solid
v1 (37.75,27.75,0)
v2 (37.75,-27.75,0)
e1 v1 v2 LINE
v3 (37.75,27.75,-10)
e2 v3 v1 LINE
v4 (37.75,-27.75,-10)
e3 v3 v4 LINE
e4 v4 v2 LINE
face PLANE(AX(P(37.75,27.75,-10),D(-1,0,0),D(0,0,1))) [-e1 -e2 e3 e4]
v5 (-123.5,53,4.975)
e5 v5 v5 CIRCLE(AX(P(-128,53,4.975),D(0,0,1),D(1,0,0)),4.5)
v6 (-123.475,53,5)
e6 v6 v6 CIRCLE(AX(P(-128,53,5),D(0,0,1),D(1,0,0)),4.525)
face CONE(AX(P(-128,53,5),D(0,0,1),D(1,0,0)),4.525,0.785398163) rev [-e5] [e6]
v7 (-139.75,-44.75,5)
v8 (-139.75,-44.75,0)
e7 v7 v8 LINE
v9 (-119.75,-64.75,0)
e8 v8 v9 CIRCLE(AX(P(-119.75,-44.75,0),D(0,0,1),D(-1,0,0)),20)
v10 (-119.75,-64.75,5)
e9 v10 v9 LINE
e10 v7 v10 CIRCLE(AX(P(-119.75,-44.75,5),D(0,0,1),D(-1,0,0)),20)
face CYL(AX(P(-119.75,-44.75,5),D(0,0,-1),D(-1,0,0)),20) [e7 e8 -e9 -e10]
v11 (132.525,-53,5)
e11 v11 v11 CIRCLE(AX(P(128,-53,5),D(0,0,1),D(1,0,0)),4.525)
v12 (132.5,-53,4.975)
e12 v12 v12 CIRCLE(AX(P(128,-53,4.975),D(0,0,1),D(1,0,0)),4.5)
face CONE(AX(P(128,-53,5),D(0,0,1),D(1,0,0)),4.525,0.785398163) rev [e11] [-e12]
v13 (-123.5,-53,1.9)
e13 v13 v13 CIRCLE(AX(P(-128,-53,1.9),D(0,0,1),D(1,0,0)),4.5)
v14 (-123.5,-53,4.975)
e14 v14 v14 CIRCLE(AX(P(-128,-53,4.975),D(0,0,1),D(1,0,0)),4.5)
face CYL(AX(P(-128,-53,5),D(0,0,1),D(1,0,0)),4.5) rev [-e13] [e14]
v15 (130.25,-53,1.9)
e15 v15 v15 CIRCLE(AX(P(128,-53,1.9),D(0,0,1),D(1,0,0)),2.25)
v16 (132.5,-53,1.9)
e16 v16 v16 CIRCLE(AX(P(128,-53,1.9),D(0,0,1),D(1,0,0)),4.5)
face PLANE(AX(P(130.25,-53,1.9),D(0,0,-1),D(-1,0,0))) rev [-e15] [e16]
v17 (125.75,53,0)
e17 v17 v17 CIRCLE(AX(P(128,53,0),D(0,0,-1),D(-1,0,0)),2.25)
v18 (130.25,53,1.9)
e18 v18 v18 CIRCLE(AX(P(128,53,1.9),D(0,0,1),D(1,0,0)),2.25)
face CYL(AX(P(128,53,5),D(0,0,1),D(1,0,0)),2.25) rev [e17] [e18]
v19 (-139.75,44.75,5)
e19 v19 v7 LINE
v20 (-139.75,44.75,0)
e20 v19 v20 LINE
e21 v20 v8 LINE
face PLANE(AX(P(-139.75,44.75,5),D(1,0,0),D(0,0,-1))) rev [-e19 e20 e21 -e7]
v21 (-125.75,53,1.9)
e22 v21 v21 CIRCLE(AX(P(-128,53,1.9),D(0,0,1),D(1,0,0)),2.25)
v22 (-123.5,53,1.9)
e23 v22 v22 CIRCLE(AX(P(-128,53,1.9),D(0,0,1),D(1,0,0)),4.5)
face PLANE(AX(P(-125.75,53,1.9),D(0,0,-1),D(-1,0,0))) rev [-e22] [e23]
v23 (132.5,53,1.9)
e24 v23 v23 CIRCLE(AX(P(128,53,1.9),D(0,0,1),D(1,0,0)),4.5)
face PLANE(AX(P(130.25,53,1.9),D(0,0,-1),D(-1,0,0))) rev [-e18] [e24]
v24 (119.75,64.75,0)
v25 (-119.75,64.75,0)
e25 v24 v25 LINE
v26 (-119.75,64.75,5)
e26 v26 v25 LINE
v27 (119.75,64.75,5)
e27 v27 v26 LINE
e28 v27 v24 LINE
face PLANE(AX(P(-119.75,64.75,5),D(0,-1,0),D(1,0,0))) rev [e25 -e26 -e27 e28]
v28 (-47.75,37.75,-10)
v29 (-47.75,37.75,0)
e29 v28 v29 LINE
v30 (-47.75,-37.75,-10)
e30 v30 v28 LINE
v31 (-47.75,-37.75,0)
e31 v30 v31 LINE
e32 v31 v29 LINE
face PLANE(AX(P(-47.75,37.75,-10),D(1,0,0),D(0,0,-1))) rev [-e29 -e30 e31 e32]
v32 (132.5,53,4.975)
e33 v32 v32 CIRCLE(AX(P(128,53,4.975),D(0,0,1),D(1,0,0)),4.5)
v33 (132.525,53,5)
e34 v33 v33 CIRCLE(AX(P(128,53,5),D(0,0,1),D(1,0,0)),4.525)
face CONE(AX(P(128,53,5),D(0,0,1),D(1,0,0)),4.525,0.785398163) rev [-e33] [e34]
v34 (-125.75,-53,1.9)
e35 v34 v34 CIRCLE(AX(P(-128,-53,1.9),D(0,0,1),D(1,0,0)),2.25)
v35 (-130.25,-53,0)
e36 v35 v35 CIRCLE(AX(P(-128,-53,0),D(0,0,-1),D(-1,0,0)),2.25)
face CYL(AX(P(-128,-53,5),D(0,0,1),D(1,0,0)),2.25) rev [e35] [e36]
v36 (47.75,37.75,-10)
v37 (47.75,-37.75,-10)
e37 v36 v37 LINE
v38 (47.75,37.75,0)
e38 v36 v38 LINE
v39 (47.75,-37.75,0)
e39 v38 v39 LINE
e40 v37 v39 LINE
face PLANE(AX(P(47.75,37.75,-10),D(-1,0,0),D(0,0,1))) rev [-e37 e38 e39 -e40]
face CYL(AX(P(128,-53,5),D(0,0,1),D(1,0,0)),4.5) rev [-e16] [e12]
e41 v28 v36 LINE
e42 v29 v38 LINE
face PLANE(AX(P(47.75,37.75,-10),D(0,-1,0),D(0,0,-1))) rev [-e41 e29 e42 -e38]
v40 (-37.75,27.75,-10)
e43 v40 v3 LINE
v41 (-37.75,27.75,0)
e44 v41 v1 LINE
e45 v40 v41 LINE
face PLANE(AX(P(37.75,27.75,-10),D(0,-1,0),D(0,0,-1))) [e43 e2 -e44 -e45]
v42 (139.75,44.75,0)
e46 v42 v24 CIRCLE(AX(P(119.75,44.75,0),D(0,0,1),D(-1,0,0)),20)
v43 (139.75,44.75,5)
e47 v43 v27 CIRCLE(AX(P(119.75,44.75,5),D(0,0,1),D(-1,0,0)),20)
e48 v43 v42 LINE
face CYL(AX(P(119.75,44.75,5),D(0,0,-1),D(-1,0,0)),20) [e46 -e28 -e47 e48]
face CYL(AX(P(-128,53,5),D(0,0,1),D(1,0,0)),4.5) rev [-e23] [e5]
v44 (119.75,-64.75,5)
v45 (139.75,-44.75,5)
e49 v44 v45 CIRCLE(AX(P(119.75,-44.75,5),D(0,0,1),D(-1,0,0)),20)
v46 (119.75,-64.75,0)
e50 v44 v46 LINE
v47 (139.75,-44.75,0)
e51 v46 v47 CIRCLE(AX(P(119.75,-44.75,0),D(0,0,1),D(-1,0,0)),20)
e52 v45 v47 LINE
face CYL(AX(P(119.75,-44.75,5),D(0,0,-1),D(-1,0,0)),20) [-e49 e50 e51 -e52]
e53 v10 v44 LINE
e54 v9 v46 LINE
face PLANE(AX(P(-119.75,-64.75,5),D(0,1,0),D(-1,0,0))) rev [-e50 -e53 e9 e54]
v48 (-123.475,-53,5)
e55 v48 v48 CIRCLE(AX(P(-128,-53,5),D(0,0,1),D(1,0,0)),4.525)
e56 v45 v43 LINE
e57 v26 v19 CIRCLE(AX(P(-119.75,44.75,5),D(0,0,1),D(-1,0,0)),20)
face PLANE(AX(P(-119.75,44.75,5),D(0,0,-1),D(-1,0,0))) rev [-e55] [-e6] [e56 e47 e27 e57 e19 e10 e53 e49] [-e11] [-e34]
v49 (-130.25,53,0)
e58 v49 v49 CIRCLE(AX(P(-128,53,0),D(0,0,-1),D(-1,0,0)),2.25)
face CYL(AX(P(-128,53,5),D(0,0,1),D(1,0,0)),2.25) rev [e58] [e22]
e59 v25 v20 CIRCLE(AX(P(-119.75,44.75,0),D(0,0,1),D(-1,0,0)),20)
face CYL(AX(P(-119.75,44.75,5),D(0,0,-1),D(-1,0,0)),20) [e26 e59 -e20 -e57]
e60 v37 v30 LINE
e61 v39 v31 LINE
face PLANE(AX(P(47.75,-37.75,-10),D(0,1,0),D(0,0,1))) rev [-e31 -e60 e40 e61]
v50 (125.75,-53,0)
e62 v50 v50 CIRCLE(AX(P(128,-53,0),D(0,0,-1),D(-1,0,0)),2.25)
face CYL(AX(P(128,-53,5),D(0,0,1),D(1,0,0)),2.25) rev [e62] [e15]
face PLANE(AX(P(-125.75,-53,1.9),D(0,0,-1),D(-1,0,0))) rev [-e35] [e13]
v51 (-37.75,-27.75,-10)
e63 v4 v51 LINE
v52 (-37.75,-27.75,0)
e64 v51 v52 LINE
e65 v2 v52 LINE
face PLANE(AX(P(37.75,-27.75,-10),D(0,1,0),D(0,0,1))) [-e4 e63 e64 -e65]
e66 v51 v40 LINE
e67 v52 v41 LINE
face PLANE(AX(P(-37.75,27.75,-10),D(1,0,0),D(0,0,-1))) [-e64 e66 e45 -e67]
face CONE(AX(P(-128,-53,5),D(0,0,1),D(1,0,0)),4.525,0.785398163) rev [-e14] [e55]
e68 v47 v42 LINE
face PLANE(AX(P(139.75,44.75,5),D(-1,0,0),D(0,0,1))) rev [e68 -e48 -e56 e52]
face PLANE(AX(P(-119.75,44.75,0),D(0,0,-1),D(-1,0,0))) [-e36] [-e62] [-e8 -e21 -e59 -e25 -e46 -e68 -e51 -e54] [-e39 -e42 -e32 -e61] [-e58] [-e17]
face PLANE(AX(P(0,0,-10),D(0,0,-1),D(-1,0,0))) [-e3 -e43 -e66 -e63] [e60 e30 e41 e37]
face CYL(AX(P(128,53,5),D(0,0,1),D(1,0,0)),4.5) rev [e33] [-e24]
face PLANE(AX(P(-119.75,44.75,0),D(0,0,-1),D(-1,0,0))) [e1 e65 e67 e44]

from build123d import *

# Parameters (mm, degrees)
BOSS_EXTRUDE1_DEPTH                           = 5
CBORE_FOR_M4_PAN_HEAD_MACHINE_SCREW1_AT_COUNT = 2
CBORE_FOR_M4_PAN_HEAD_MACHINE_SCREW1_AT_PITCH = 106
CBORE_FOR_M4_PAN_HEAD_MACHINE_SCREW1_2_COUNT  = 2
CBORE_FOR_M4_PAN_HEAD_MACHINE_SCREW1_2_PITCH  = 256
CBORE_FOR_M4_PAN_HEAD_MACHINE_SCREW1_3_COUNT  = 2
CBORE_FOR_M4_PAN_HEAD_MACHINE_SCREW1_3_PITCH  = 277.077606457
SKETCH4_W                                     = 95.5
SKETCH4_H                                     = 75.5
SKETCH4_W_2                                   = 75.5
SKETCH4_H_2                                   = 55.5
BOSS_EXTRUDE2_DEPTH                           = 10


with BuildPart() as part:
    # Sketch1 → Boss-Extrude1 (new body)
    with BuildSketch(Plane.XY):
        with BuildLine():
            Line((-119.75, 64.75), (119.75, 64.75))
            ThreePointArc((119.75, 64.75), (133.892135624, 58.892135624), (139.75, 44.75))
            Line((139.75, 44.75), (139.75, -44.75))
            ThreePointArc((139.75, -44.75), (133.892135624, -58.892135624), (119.75, -64.75))
            Line((119.75, -64.75), (-119.75, -64.75))
            ThreePointArc((-119.75, -64.75), (-133.892135624, -58.892135624), (-139.75, -44.75))
            Line((-139.75, -44.75), (-139.75, 44.75))
            ThreePointArc((-139.75, 44.75), (-133.892135624, 58.892135624), (-119.75, 64.75))
        make_face()
    extrude(amount=BOSS_EXTRUDE1_DEPTH)

    # Sketch3 → CBORE for M4 Pan Head Machine Screw1 (revolve, cut)
    with BuildSketch(Plane(origin=(-128, 53, 5), x_dir=(0, -1, 0), z_dir=(1, 0, 0))):
        Polygon((0, 0), (0, 31.351936393), (2.25, 30), (2.25, 3.1), (4.5, 3.1), (4.5, 0.025), (4.525, 0), align=None)
    cbore_for_m4_pan_head_machine_screw1 = revolve(axis=Axis((-128, 53, 11.35), (0, 0, -1)), mode=Mode.SUBTRACT)

    # CBORE for M4 Pan Head Machine Screw1 at: CBORE for M4 Pan Head Machine Screw1 ×2
    with Locations(*[(0, -i * CBORE_FOR_M4_PAN_HEAD_MACHINE_SCREW1_AT_PITCH, 0) for i in range(1, CBORE_FOR_M4_PAN_HEAD_MACHINE_SCREW1_AT_COUNT)]):
        add(cbore_for_m4_pan_head_machine_screw1, mode=Mode.SUBTRACT)

    # CBORE for M4 Pan Head Machine Screw1 2: CBORE for M4 Pan Head Machine Screw1 ×2
    with Locations(*[(i * CBORE_FOR_M4_PAN_HEAD_MACHINE_SCREW1_2_PITCH, 0, 0) for i in range(1, CBORE_FOR_M4_PAN_HEAD_MACHINE_SCREW1_2_COUNT)]):
        add(cbore_for_m4_pan_head_machine_screw1, mode=Mode.SUBTRACT)

    # CBORE for M4 Pan Head Machine Screw1 3: CBORE for M4 Pan Head Machine Screw1 ×2
    with Locations(*[Vector(0.9239288705910963, -0.38256429797912583, 0) * (i * CBORE_FOR_M4_PAN_HEAD_MACHINE_SCREW1_3_PITCH) for i in range(1, CBORE_FOR_M4_PAN_HEAD_MACHINE_SCREW1_3_COUNT)]):
        add(cbore_for_m4_pan_head_machine_screw1, mode=Mode.SUBTRACT)

    # Sketch4 → Boss-Extrude2 (add)
    with BuildSketch(Plane(origin=(0, 0, 0), x_dir=(-1, 0, 0), z_dir=(0, 0, -1))):
        Rectangle(SKETCH4_W, SKETCH4_H)
        Rectangle(SKETCH4_W_2, SKETCH4_H_2, mode=Mode.SUBTRACT)
    extrude(amount=BOSS_EXTRUDE2_DEPTH)


solid = part.part
